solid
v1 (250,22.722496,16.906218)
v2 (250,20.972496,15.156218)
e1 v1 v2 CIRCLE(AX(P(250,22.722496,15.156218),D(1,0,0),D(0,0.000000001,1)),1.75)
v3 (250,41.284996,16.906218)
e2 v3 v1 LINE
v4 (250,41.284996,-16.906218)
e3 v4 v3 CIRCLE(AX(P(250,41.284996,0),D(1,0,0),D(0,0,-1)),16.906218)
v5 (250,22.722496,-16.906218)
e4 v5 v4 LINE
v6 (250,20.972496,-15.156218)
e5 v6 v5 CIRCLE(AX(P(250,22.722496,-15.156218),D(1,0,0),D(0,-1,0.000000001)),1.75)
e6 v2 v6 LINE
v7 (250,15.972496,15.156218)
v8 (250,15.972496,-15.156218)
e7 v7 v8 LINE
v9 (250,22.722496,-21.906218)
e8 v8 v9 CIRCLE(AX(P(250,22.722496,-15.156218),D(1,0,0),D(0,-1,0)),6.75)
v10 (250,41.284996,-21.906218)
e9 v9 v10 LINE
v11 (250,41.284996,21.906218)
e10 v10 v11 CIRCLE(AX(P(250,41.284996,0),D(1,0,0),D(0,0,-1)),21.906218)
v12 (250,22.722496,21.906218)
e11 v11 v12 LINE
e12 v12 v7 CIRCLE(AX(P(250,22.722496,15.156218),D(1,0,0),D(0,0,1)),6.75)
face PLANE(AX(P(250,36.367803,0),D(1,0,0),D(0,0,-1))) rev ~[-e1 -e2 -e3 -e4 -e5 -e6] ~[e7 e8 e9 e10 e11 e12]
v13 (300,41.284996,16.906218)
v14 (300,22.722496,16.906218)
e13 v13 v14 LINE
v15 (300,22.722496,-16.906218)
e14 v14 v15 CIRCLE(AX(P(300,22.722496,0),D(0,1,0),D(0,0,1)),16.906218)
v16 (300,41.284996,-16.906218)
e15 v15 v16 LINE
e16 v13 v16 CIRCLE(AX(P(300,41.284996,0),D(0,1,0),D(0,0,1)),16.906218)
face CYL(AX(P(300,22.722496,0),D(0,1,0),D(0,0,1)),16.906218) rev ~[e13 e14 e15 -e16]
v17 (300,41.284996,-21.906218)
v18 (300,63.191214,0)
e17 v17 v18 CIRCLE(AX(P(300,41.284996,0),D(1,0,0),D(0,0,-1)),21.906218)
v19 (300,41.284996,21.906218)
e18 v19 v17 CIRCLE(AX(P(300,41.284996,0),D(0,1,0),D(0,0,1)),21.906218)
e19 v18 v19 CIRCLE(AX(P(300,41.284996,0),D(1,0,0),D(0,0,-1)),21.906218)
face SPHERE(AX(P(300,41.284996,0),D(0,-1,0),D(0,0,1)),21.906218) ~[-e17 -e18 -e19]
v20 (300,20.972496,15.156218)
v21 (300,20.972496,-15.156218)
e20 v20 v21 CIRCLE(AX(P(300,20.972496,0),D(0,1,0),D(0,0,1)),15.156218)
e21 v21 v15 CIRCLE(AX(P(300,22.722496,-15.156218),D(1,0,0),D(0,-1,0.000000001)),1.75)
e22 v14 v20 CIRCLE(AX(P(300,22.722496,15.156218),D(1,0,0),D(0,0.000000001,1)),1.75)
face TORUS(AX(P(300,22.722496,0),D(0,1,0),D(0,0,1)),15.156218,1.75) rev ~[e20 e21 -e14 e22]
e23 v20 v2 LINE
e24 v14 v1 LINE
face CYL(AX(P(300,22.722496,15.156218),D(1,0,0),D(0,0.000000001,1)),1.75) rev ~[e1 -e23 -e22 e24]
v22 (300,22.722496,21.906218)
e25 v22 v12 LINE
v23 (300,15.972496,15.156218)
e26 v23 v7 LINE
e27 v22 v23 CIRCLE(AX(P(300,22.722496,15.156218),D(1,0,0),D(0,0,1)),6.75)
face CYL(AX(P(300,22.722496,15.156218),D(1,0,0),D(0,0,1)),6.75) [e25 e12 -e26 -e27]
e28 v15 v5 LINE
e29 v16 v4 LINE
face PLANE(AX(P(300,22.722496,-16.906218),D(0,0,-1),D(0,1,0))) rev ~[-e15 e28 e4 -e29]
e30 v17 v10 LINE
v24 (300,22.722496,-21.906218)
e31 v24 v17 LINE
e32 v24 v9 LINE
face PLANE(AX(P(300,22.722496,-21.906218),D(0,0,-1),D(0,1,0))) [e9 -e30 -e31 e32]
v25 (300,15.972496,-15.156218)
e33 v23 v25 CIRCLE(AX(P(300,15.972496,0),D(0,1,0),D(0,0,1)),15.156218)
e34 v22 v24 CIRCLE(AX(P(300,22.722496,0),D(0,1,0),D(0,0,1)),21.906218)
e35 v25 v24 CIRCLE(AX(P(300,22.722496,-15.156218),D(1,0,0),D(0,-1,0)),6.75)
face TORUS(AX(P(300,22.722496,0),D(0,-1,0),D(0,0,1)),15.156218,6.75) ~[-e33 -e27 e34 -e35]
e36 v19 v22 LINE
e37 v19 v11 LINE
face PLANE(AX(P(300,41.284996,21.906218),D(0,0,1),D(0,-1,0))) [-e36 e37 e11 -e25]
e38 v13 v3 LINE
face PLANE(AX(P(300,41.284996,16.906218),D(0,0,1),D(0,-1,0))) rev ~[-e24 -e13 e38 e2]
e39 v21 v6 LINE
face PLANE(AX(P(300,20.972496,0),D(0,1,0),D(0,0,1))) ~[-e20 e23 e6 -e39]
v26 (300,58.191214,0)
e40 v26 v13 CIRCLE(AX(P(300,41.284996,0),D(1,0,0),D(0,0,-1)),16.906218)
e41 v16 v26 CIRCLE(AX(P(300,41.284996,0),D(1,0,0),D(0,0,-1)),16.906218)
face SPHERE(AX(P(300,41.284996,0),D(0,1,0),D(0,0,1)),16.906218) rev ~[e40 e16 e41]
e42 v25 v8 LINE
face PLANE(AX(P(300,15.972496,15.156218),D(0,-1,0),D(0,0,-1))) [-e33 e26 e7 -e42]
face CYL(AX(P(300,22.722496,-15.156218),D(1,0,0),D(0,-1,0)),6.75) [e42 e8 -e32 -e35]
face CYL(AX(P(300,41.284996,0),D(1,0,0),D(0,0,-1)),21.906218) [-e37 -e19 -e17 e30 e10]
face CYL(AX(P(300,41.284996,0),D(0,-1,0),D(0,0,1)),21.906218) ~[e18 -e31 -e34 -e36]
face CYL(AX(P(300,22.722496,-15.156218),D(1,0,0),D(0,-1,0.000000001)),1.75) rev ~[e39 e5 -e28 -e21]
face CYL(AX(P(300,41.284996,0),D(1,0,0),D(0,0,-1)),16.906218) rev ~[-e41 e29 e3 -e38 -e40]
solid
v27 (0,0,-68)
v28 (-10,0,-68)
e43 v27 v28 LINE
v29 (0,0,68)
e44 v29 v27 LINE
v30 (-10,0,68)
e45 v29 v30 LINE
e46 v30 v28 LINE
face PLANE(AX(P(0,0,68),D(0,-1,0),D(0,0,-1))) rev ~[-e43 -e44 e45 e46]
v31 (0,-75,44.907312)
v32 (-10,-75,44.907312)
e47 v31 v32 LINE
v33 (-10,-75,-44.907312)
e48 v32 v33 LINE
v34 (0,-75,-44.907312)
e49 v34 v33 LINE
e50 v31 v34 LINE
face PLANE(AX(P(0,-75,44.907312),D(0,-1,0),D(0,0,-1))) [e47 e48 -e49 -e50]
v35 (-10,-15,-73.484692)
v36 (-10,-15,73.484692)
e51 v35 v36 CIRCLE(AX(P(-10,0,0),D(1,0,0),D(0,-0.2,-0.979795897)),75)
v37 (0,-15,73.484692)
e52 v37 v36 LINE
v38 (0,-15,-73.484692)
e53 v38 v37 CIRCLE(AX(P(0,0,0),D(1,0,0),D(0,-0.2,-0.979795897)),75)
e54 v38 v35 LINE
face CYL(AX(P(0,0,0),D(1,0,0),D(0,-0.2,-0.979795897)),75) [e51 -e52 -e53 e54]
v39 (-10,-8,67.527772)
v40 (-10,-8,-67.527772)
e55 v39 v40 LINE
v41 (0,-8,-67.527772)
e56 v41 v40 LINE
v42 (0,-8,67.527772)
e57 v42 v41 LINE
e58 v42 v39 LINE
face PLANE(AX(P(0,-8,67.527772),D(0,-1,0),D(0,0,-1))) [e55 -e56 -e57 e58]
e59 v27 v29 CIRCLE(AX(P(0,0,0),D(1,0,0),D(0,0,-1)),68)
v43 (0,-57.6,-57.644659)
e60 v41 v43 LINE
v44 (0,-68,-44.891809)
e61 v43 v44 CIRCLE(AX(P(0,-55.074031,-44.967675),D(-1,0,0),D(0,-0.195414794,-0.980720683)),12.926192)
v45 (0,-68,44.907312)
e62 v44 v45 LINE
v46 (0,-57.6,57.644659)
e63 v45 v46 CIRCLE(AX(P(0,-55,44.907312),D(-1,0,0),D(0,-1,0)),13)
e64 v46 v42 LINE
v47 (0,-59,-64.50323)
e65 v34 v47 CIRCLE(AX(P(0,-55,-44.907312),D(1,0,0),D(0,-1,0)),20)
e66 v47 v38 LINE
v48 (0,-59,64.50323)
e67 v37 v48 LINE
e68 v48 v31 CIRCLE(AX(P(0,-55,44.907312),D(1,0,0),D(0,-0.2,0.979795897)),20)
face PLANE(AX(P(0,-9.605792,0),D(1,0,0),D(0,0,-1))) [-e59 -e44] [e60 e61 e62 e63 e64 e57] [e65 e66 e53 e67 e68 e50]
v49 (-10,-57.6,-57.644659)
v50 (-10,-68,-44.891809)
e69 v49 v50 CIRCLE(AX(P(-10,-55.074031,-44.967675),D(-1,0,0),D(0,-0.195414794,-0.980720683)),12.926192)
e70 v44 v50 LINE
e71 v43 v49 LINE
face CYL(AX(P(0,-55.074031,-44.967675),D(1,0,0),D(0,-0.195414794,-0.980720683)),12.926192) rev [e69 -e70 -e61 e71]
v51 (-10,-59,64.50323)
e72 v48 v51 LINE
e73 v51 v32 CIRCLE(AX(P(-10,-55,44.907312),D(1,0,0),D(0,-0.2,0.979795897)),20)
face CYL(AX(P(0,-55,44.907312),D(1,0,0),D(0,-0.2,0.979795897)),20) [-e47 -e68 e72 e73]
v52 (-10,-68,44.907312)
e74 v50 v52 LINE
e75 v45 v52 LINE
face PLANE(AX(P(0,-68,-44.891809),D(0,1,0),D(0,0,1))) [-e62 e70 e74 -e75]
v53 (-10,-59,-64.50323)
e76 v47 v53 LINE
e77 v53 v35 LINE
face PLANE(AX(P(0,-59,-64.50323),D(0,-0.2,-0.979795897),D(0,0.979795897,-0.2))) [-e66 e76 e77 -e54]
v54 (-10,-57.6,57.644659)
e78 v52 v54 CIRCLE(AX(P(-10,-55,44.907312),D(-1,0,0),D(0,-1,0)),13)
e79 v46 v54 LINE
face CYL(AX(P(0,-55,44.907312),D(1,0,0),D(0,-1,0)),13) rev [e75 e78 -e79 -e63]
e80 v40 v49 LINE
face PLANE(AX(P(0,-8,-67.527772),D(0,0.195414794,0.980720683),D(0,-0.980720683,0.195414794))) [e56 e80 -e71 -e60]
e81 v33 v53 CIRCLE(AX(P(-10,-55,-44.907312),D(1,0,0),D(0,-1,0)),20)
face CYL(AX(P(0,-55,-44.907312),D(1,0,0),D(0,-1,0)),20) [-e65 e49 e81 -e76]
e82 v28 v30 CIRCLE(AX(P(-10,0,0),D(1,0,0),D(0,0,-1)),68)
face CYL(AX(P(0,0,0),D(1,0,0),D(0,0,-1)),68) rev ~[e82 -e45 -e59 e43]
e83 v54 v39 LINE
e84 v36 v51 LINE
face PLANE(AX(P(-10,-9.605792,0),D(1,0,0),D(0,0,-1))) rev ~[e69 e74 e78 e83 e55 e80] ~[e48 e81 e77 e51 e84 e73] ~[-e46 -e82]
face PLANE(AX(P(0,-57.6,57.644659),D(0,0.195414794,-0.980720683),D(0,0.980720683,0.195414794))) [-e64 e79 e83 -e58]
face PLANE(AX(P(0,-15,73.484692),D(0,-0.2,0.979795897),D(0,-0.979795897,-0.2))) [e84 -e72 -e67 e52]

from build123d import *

# Parameters (mm, degrees)
BOSS_EXTRUDE1_DEPTH = 10
BOSS_EXTRUDE2_DEPTH = 50
REVOLVE1_ANGLE      = 180


with BuildPart() as part:
    # Sketch2 → Boss-Extrude1 (new body)
    with BuildSketch(Plane(origin=(0, 0, 0), x_dir=(0, 0, -1), z_dir=(1, 0, 0))):
        with BuildLine():
            Line((-73.484692283, -15), (-64.503229893, -59))
            ThreePointArc((-64.503229893, -59), (-57.556422592, -70.491933385), (-44.907311951, -75))
            Line((-44.907311951, -75), (44.907311951, -75))
            ThreePointArc((44.907311951, -75), (57.556422592, -70.491933385), (64.503229893, -59))
            Line((64.503229893, -59), (73.484692283, -15))
            ThreePointArc((73.484692283, -15), (0, 75), (-73.484692283, -15))
        make_face()
        with BuildLine():
            Line((-68, 0), (68, 0))
            ThreePointArc((68, 0), (0, 68), (-68, 0))
        make_face(mode=Mode.SUBTRACT)
        with BuildLine():
            Line((-67.527772065, -8), (67.527772065, -8))
            Line((67.527772065, -8), (57.644658613, -57.6))
            ThreePointArc((57.644658613, -57.6), (53.136949147, -65.091485327), (44.891808794, -68))
            Line((44.891808794, -68), (-44.907311951, -68))
            ThreePointArc((-44.907311951, -68), (-53.129233867, -65.0697567), (-57.644658614, -57.6))
            Line((-57.644658614, -57.6), (-67.527772065, -8))
        make_face(mode=Mode.SUBTRACT)
    extrude(amount=-BOSS_EXTRUDE1_DEPTH)


with BuildPart() as body_2:
    # Sketch11 → Boss-Extrude2 (new body)
    with BuildSketch(Plane(origin=(300, 0, 0), x_dir=(0, 0, -1), z_dir=(1, 0, 0))):
        with BuildLine():
            Line((-21.906217783, 41.28499573), (-21.906217783, 22.72249573))
            ThreePointArc((-21.906217783, 22.72249573), (-19.929188556, 17.949524957), (-15.156217783, 15.97249573))
            Line((-15.156217783, 15.97249573), (15.156217783, 15.97249573))
            ThreePointArc((15.156217783, 15.97249573), (19.929188556, 17.949524957), (21.906217783, 22.72249573))
            Line((21.906217783, 22.72249573), (21.906217783, 41.28499573))
            ThreePointArc((21.906217783, 41.28499573), (0, 63.191213514), (-21.906217783, 41.28499573))
        make_face()
        with BuildLine():
            Line((16.906217783, 22.72249573), (16.906217783, 41.28499573))
            ThreePointArc((16.906217783, 41.28499573), (0, 58.191213514), (-16.906217783, 41.28499573))
            Line((-16.906217783, 41.28499573), (-16.906217783, 22.72249573))
            ThreePointArc((-16.906217783, 22.72249573), (-16.393654651, 21.485058863), (-15.156217783, 20.97249573))
            Line((-15.156217783, 20.97249573), (15.156217783, 20.97249573))
            ThreePointArc((15.156217783, 20.97249573), (16.393654651, 21.485058863), (16.906217783, 22.72249573))
        make_face(mode=Mode.SUBTRACT)
    extrude(amount=-BOSS_EXTRUDE2_DEPTH)

    # Sketch12 → Revolve1 (revolve)
    with BuildSketch(Plane(origin=(300, 0, 0), x_dir=(0, 0, -1), z_dir=(1, 0, 0))):
        with BuildLine():
            Line((0, 20.97249573), (-15.156217783, 20.97249573))
            ThreePointArc((-15.156217783, 20.97249573), (-16.393654651, 21.485058863), (-16.906217783, 22.72249573))
            Line((-16.906217783, 22.72249573), (-16.906217783, 41.28499573))
            ThreePointArc((-16.906217783, 41.28499573), (-11.954501239, 53.239496969), (0, 58.191213514))
            Line((0, 58.191213514), (0, 63.191213514))
            ThreePointArc((0, 63.191213514), (-15.490035145, 56.775030875), (-21.906217783, 41.28499573))
            Line((-21.906217783, 41.28499573), (-21.906217783, 22.72249573))
            ThreePointArc((-21.906217783, 22.72249573), (-19.929188556, 17.949524957), (-15.156217783, 15.97249573))
            Line((-15.156217783, 15.97249573), (0, 15.97249573))
            Line((0, 15.97249573), (0, 20.97249573))
        make_face()
    revolve(axis=Axis((300, 58.191213514, 0), (0, 1, 0)), revolution_arc=REVOLVE1_ANGLE)


solid = Compound([part.part, body_2.part])
